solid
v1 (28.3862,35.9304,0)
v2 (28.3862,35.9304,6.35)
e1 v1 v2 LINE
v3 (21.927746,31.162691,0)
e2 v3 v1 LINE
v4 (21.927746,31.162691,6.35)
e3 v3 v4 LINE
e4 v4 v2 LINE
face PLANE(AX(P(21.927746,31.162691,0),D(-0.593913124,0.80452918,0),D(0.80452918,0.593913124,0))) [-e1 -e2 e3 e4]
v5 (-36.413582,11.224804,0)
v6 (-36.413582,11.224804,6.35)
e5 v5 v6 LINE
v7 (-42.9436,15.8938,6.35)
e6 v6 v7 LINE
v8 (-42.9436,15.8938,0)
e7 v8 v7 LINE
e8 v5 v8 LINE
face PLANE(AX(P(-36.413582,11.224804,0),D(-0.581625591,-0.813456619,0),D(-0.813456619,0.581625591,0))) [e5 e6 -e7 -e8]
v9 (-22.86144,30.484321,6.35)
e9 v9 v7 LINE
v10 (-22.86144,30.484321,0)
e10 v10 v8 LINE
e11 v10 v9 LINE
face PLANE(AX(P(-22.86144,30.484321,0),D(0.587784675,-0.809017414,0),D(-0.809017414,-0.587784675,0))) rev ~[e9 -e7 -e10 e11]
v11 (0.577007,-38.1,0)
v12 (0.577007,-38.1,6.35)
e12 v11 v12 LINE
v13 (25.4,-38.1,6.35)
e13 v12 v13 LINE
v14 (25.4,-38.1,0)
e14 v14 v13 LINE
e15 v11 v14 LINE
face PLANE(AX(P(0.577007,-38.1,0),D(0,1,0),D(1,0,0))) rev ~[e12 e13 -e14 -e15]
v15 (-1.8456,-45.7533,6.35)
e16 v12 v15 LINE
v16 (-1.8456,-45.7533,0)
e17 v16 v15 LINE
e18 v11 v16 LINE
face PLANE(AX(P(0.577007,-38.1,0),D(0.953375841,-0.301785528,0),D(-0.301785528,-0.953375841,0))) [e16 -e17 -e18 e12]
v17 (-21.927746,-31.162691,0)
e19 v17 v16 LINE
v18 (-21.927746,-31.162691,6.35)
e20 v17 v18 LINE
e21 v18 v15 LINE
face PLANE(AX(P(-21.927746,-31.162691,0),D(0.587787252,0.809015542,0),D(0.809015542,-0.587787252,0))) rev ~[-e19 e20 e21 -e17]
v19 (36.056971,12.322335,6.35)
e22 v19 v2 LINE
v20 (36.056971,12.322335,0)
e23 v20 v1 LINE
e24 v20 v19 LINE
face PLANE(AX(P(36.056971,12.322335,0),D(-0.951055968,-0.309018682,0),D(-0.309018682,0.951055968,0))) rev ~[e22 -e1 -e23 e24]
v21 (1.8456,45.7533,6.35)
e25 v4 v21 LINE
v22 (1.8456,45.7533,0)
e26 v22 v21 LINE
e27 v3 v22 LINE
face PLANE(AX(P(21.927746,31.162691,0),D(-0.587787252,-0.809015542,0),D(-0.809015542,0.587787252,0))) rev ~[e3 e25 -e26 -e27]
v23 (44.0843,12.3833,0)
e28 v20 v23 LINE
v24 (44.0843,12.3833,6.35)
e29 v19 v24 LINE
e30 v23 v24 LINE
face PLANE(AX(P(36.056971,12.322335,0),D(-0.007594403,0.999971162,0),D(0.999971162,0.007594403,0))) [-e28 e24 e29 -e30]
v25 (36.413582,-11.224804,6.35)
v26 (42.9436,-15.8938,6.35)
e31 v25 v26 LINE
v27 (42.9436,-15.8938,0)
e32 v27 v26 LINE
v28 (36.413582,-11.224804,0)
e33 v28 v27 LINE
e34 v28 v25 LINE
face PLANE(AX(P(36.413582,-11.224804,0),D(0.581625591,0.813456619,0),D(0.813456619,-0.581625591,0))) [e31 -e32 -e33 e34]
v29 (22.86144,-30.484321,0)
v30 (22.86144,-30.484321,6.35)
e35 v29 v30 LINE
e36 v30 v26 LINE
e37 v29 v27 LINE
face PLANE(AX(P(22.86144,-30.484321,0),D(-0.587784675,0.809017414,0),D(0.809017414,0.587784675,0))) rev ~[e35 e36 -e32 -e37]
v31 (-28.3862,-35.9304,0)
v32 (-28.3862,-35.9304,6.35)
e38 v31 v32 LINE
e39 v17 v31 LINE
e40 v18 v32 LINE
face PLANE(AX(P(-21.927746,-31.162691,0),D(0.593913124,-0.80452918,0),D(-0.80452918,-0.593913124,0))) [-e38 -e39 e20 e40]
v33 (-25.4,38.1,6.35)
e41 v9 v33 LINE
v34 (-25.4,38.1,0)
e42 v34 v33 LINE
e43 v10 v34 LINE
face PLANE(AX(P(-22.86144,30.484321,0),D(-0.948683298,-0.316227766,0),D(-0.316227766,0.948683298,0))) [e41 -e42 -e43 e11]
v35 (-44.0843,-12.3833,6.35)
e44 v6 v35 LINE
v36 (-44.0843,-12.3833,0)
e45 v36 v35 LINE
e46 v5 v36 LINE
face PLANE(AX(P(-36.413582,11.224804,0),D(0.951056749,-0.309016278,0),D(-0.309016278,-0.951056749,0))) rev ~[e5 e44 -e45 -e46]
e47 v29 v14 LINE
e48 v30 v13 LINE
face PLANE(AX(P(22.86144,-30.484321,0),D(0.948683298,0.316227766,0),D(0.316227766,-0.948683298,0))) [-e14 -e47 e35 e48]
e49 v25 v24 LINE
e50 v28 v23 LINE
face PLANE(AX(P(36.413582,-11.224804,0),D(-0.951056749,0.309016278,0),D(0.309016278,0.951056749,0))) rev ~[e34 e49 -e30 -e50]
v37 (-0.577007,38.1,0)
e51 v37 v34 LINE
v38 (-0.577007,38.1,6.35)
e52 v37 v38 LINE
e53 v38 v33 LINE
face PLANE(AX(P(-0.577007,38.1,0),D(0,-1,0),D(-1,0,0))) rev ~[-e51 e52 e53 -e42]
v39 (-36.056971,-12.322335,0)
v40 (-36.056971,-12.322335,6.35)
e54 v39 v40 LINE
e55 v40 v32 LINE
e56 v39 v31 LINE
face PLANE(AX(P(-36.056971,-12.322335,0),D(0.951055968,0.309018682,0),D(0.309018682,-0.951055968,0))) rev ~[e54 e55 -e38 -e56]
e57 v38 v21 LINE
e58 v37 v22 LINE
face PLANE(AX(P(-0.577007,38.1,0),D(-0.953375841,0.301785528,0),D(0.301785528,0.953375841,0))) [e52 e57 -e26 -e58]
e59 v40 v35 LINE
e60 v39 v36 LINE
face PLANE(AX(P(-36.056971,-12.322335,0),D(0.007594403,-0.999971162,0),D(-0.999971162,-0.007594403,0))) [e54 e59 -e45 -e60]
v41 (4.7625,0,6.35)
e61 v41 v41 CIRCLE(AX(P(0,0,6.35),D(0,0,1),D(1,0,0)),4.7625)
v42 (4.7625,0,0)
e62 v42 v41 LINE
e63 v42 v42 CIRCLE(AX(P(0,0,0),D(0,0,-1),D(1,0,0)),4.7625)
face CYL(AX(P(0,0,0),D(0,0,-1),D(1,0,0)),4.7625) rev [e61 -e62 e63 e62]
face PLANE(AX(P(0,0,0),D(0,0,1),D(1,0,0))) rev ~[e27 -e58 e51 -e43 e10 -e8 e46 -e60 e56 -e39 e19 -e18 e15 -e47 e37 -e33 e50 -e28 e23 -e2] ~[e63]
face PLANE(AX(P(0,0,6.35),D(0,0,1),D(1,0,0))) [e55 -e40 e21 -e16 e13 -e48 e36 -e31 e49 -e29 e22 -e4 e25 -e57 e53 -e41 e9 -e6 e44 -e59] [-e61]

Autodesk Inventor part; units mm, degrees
ref_plane "YZ Plane" through (0, 0, 0) normal (1, 0, 0) x (0, 1, 0)
ref_plane "XZ Plane" through (0, 0, 0) normal (0, 1, 0) x (-1, 0, 0)
ref_plane "XY Plane" through (0, 0, 0) normal (0, 0, 1) x (1, 0, 0)
sketch "Sketch1" plane through (0, 0, 0) normal (0, 0, 1) x (1, 0, 0)
  circle A0 centre (0, 0) radius 4.7625
  circle A1 centre (0, 0) radius 38.1
  line L0 (0, 38.1) -> (-25.4, 38.1)
  line L1 (0, 0) -> (-1.506, 4.5181)
  line L2 (-22.86, 30.48) -> (-25.4, 38.1)
  circle A2 centre (0, 0) radius 38.1
  line L3 (-22.3946, 30.8235) -> (-42.9436, 15.8938)
  line L4 (-36.4098, 11.2221) -> (-42.9436, 15.8938)
  circle A3 centre (0, 0) radius 38.1
  line L5 (-36.2353, 11.7735) -> (-44.0843, -12.3833)
  line L6 (-36.0523, -12.3223) -> (-44.0843, -12.3833)
  circle A4 centre (0, 0) radius 38.1
  line L7 (-36.2353, -11.7735) -> (-28.3862, -35.9304)
  line L8 (-21.9241, -31.16) -> (-28.3862, -35.9304)
  circle A5 centre (0, 0) radius 38.1
  line L9 (-22.3946, -30.8235) -> (-1.8456, -45.7533)
  line L10 (0.5784, -38.0956) -> (-1.8456, -45.7533)
  circle A6 centre (0, 0) radius 38.1
  line L11 (0, -38.1) -> (25.4, -38.1)
  line L12 (22.86, -30.48) -> (25.4, -38.1)
  circle A7 centre (0, 0) radius 38.1
  line L13 (22.3946, -30.8235) -> (42.9436, -15.8938)
  line L14 (36.4098, -11.2221) -> (42.9436, -15.8938)
  circle A8 centre (0, 0) radius 38.1
  line L15 (36.2353, -11.7735) -> (44.0843, 12.3833)
  line L16 (36.0523, 12.3223) -> (44.0843, 12.3833)
  circle A9 centre (0, 0) radius 38.1
  line L17 (36.2353, 11.7735) -> (28.3862, 35.9304)
  line L18 (21.9241, 31.16) -> (28.3862, 35.9304)
  circle A10 centre (0, 0) radius 38.1
  line L19 (22.3946, 30.8235) -> (1.8456, 45.7533)
  line L20 (-0.5784, 38.0956) -> (1.8456, 45.7533)
  dimension "d0" = 9.525
  dimension "d1" = 76.2
  dimension "d2" = 25.4
  dimension "d5" = 360
extrude "Extrusion1" add sketch "Sketch1" along normal blind 6.35
sketch "Sketch2" plane through (0, 0, 0) normal (0, 0, -1) x (-1, 0, 0)
  line L0 (-28.3862, 35.9304) -> (-21.9278, 31.1627) projected
  line L1 (-36.0569, 12.3223) -> (-28.3862, 35.9304) projected
  line L2 (-44.0843, 12.3833) -> (-36.0569, 12.3223) projected
  line L3 (-36.4136, -11.2247) -> (-44.0843, 12.3833) projected
  line L4 (-42.9436, -15.8938) -> (-36.4136, -11.2247) projected
  line L5 (-22.8615, -30.4844) -> (-42.9436, -15.8938) projected
  line L6 (-25.4, -38.1) -> (-22.8615, -30.4844) projected
  line L7 (-0.577, -38.1) -> (-25.4, -38.1) projected
  line L8 (1.8456, -45.7533) -> (-0.577, -38.1) projected
  line L9 (21.9278, -31.1627) -> (1.8456, -45.7533) projected
  line L10 (28.3862, -35.9304) -> (21.9278, -31.1627) projected
  line L11 (36.0569, -12.3223) -> (28.3862, -35.9304) projected
  line L12 (44.0843, -12.3833) -> (36.0569, -12.3223) projected
  line L13 (36.4136, 11.2247) -> (44.0843, -12.3833) projected
  line L14 (42.9436, 15.8938) -> (36.4136, 11.2247) projected
  line L15 (22.8615, 30.4844) -> (42.9436, 15.8938) projected
  line L16 (25.4, 38.1) -> (22.8615, 30.4844) projected
  line L17 (0.577, 38.1) -> (25.4, 38.1) projected
  line L18 (-1.8456, 45.7533) -> (0.577, 38.1) projected
  line L19 (-21.9278, 31.1627) -> (-1.8456, 45.7533) projected
  circle A0 centre (0, 0) radius 4.7625 projected
